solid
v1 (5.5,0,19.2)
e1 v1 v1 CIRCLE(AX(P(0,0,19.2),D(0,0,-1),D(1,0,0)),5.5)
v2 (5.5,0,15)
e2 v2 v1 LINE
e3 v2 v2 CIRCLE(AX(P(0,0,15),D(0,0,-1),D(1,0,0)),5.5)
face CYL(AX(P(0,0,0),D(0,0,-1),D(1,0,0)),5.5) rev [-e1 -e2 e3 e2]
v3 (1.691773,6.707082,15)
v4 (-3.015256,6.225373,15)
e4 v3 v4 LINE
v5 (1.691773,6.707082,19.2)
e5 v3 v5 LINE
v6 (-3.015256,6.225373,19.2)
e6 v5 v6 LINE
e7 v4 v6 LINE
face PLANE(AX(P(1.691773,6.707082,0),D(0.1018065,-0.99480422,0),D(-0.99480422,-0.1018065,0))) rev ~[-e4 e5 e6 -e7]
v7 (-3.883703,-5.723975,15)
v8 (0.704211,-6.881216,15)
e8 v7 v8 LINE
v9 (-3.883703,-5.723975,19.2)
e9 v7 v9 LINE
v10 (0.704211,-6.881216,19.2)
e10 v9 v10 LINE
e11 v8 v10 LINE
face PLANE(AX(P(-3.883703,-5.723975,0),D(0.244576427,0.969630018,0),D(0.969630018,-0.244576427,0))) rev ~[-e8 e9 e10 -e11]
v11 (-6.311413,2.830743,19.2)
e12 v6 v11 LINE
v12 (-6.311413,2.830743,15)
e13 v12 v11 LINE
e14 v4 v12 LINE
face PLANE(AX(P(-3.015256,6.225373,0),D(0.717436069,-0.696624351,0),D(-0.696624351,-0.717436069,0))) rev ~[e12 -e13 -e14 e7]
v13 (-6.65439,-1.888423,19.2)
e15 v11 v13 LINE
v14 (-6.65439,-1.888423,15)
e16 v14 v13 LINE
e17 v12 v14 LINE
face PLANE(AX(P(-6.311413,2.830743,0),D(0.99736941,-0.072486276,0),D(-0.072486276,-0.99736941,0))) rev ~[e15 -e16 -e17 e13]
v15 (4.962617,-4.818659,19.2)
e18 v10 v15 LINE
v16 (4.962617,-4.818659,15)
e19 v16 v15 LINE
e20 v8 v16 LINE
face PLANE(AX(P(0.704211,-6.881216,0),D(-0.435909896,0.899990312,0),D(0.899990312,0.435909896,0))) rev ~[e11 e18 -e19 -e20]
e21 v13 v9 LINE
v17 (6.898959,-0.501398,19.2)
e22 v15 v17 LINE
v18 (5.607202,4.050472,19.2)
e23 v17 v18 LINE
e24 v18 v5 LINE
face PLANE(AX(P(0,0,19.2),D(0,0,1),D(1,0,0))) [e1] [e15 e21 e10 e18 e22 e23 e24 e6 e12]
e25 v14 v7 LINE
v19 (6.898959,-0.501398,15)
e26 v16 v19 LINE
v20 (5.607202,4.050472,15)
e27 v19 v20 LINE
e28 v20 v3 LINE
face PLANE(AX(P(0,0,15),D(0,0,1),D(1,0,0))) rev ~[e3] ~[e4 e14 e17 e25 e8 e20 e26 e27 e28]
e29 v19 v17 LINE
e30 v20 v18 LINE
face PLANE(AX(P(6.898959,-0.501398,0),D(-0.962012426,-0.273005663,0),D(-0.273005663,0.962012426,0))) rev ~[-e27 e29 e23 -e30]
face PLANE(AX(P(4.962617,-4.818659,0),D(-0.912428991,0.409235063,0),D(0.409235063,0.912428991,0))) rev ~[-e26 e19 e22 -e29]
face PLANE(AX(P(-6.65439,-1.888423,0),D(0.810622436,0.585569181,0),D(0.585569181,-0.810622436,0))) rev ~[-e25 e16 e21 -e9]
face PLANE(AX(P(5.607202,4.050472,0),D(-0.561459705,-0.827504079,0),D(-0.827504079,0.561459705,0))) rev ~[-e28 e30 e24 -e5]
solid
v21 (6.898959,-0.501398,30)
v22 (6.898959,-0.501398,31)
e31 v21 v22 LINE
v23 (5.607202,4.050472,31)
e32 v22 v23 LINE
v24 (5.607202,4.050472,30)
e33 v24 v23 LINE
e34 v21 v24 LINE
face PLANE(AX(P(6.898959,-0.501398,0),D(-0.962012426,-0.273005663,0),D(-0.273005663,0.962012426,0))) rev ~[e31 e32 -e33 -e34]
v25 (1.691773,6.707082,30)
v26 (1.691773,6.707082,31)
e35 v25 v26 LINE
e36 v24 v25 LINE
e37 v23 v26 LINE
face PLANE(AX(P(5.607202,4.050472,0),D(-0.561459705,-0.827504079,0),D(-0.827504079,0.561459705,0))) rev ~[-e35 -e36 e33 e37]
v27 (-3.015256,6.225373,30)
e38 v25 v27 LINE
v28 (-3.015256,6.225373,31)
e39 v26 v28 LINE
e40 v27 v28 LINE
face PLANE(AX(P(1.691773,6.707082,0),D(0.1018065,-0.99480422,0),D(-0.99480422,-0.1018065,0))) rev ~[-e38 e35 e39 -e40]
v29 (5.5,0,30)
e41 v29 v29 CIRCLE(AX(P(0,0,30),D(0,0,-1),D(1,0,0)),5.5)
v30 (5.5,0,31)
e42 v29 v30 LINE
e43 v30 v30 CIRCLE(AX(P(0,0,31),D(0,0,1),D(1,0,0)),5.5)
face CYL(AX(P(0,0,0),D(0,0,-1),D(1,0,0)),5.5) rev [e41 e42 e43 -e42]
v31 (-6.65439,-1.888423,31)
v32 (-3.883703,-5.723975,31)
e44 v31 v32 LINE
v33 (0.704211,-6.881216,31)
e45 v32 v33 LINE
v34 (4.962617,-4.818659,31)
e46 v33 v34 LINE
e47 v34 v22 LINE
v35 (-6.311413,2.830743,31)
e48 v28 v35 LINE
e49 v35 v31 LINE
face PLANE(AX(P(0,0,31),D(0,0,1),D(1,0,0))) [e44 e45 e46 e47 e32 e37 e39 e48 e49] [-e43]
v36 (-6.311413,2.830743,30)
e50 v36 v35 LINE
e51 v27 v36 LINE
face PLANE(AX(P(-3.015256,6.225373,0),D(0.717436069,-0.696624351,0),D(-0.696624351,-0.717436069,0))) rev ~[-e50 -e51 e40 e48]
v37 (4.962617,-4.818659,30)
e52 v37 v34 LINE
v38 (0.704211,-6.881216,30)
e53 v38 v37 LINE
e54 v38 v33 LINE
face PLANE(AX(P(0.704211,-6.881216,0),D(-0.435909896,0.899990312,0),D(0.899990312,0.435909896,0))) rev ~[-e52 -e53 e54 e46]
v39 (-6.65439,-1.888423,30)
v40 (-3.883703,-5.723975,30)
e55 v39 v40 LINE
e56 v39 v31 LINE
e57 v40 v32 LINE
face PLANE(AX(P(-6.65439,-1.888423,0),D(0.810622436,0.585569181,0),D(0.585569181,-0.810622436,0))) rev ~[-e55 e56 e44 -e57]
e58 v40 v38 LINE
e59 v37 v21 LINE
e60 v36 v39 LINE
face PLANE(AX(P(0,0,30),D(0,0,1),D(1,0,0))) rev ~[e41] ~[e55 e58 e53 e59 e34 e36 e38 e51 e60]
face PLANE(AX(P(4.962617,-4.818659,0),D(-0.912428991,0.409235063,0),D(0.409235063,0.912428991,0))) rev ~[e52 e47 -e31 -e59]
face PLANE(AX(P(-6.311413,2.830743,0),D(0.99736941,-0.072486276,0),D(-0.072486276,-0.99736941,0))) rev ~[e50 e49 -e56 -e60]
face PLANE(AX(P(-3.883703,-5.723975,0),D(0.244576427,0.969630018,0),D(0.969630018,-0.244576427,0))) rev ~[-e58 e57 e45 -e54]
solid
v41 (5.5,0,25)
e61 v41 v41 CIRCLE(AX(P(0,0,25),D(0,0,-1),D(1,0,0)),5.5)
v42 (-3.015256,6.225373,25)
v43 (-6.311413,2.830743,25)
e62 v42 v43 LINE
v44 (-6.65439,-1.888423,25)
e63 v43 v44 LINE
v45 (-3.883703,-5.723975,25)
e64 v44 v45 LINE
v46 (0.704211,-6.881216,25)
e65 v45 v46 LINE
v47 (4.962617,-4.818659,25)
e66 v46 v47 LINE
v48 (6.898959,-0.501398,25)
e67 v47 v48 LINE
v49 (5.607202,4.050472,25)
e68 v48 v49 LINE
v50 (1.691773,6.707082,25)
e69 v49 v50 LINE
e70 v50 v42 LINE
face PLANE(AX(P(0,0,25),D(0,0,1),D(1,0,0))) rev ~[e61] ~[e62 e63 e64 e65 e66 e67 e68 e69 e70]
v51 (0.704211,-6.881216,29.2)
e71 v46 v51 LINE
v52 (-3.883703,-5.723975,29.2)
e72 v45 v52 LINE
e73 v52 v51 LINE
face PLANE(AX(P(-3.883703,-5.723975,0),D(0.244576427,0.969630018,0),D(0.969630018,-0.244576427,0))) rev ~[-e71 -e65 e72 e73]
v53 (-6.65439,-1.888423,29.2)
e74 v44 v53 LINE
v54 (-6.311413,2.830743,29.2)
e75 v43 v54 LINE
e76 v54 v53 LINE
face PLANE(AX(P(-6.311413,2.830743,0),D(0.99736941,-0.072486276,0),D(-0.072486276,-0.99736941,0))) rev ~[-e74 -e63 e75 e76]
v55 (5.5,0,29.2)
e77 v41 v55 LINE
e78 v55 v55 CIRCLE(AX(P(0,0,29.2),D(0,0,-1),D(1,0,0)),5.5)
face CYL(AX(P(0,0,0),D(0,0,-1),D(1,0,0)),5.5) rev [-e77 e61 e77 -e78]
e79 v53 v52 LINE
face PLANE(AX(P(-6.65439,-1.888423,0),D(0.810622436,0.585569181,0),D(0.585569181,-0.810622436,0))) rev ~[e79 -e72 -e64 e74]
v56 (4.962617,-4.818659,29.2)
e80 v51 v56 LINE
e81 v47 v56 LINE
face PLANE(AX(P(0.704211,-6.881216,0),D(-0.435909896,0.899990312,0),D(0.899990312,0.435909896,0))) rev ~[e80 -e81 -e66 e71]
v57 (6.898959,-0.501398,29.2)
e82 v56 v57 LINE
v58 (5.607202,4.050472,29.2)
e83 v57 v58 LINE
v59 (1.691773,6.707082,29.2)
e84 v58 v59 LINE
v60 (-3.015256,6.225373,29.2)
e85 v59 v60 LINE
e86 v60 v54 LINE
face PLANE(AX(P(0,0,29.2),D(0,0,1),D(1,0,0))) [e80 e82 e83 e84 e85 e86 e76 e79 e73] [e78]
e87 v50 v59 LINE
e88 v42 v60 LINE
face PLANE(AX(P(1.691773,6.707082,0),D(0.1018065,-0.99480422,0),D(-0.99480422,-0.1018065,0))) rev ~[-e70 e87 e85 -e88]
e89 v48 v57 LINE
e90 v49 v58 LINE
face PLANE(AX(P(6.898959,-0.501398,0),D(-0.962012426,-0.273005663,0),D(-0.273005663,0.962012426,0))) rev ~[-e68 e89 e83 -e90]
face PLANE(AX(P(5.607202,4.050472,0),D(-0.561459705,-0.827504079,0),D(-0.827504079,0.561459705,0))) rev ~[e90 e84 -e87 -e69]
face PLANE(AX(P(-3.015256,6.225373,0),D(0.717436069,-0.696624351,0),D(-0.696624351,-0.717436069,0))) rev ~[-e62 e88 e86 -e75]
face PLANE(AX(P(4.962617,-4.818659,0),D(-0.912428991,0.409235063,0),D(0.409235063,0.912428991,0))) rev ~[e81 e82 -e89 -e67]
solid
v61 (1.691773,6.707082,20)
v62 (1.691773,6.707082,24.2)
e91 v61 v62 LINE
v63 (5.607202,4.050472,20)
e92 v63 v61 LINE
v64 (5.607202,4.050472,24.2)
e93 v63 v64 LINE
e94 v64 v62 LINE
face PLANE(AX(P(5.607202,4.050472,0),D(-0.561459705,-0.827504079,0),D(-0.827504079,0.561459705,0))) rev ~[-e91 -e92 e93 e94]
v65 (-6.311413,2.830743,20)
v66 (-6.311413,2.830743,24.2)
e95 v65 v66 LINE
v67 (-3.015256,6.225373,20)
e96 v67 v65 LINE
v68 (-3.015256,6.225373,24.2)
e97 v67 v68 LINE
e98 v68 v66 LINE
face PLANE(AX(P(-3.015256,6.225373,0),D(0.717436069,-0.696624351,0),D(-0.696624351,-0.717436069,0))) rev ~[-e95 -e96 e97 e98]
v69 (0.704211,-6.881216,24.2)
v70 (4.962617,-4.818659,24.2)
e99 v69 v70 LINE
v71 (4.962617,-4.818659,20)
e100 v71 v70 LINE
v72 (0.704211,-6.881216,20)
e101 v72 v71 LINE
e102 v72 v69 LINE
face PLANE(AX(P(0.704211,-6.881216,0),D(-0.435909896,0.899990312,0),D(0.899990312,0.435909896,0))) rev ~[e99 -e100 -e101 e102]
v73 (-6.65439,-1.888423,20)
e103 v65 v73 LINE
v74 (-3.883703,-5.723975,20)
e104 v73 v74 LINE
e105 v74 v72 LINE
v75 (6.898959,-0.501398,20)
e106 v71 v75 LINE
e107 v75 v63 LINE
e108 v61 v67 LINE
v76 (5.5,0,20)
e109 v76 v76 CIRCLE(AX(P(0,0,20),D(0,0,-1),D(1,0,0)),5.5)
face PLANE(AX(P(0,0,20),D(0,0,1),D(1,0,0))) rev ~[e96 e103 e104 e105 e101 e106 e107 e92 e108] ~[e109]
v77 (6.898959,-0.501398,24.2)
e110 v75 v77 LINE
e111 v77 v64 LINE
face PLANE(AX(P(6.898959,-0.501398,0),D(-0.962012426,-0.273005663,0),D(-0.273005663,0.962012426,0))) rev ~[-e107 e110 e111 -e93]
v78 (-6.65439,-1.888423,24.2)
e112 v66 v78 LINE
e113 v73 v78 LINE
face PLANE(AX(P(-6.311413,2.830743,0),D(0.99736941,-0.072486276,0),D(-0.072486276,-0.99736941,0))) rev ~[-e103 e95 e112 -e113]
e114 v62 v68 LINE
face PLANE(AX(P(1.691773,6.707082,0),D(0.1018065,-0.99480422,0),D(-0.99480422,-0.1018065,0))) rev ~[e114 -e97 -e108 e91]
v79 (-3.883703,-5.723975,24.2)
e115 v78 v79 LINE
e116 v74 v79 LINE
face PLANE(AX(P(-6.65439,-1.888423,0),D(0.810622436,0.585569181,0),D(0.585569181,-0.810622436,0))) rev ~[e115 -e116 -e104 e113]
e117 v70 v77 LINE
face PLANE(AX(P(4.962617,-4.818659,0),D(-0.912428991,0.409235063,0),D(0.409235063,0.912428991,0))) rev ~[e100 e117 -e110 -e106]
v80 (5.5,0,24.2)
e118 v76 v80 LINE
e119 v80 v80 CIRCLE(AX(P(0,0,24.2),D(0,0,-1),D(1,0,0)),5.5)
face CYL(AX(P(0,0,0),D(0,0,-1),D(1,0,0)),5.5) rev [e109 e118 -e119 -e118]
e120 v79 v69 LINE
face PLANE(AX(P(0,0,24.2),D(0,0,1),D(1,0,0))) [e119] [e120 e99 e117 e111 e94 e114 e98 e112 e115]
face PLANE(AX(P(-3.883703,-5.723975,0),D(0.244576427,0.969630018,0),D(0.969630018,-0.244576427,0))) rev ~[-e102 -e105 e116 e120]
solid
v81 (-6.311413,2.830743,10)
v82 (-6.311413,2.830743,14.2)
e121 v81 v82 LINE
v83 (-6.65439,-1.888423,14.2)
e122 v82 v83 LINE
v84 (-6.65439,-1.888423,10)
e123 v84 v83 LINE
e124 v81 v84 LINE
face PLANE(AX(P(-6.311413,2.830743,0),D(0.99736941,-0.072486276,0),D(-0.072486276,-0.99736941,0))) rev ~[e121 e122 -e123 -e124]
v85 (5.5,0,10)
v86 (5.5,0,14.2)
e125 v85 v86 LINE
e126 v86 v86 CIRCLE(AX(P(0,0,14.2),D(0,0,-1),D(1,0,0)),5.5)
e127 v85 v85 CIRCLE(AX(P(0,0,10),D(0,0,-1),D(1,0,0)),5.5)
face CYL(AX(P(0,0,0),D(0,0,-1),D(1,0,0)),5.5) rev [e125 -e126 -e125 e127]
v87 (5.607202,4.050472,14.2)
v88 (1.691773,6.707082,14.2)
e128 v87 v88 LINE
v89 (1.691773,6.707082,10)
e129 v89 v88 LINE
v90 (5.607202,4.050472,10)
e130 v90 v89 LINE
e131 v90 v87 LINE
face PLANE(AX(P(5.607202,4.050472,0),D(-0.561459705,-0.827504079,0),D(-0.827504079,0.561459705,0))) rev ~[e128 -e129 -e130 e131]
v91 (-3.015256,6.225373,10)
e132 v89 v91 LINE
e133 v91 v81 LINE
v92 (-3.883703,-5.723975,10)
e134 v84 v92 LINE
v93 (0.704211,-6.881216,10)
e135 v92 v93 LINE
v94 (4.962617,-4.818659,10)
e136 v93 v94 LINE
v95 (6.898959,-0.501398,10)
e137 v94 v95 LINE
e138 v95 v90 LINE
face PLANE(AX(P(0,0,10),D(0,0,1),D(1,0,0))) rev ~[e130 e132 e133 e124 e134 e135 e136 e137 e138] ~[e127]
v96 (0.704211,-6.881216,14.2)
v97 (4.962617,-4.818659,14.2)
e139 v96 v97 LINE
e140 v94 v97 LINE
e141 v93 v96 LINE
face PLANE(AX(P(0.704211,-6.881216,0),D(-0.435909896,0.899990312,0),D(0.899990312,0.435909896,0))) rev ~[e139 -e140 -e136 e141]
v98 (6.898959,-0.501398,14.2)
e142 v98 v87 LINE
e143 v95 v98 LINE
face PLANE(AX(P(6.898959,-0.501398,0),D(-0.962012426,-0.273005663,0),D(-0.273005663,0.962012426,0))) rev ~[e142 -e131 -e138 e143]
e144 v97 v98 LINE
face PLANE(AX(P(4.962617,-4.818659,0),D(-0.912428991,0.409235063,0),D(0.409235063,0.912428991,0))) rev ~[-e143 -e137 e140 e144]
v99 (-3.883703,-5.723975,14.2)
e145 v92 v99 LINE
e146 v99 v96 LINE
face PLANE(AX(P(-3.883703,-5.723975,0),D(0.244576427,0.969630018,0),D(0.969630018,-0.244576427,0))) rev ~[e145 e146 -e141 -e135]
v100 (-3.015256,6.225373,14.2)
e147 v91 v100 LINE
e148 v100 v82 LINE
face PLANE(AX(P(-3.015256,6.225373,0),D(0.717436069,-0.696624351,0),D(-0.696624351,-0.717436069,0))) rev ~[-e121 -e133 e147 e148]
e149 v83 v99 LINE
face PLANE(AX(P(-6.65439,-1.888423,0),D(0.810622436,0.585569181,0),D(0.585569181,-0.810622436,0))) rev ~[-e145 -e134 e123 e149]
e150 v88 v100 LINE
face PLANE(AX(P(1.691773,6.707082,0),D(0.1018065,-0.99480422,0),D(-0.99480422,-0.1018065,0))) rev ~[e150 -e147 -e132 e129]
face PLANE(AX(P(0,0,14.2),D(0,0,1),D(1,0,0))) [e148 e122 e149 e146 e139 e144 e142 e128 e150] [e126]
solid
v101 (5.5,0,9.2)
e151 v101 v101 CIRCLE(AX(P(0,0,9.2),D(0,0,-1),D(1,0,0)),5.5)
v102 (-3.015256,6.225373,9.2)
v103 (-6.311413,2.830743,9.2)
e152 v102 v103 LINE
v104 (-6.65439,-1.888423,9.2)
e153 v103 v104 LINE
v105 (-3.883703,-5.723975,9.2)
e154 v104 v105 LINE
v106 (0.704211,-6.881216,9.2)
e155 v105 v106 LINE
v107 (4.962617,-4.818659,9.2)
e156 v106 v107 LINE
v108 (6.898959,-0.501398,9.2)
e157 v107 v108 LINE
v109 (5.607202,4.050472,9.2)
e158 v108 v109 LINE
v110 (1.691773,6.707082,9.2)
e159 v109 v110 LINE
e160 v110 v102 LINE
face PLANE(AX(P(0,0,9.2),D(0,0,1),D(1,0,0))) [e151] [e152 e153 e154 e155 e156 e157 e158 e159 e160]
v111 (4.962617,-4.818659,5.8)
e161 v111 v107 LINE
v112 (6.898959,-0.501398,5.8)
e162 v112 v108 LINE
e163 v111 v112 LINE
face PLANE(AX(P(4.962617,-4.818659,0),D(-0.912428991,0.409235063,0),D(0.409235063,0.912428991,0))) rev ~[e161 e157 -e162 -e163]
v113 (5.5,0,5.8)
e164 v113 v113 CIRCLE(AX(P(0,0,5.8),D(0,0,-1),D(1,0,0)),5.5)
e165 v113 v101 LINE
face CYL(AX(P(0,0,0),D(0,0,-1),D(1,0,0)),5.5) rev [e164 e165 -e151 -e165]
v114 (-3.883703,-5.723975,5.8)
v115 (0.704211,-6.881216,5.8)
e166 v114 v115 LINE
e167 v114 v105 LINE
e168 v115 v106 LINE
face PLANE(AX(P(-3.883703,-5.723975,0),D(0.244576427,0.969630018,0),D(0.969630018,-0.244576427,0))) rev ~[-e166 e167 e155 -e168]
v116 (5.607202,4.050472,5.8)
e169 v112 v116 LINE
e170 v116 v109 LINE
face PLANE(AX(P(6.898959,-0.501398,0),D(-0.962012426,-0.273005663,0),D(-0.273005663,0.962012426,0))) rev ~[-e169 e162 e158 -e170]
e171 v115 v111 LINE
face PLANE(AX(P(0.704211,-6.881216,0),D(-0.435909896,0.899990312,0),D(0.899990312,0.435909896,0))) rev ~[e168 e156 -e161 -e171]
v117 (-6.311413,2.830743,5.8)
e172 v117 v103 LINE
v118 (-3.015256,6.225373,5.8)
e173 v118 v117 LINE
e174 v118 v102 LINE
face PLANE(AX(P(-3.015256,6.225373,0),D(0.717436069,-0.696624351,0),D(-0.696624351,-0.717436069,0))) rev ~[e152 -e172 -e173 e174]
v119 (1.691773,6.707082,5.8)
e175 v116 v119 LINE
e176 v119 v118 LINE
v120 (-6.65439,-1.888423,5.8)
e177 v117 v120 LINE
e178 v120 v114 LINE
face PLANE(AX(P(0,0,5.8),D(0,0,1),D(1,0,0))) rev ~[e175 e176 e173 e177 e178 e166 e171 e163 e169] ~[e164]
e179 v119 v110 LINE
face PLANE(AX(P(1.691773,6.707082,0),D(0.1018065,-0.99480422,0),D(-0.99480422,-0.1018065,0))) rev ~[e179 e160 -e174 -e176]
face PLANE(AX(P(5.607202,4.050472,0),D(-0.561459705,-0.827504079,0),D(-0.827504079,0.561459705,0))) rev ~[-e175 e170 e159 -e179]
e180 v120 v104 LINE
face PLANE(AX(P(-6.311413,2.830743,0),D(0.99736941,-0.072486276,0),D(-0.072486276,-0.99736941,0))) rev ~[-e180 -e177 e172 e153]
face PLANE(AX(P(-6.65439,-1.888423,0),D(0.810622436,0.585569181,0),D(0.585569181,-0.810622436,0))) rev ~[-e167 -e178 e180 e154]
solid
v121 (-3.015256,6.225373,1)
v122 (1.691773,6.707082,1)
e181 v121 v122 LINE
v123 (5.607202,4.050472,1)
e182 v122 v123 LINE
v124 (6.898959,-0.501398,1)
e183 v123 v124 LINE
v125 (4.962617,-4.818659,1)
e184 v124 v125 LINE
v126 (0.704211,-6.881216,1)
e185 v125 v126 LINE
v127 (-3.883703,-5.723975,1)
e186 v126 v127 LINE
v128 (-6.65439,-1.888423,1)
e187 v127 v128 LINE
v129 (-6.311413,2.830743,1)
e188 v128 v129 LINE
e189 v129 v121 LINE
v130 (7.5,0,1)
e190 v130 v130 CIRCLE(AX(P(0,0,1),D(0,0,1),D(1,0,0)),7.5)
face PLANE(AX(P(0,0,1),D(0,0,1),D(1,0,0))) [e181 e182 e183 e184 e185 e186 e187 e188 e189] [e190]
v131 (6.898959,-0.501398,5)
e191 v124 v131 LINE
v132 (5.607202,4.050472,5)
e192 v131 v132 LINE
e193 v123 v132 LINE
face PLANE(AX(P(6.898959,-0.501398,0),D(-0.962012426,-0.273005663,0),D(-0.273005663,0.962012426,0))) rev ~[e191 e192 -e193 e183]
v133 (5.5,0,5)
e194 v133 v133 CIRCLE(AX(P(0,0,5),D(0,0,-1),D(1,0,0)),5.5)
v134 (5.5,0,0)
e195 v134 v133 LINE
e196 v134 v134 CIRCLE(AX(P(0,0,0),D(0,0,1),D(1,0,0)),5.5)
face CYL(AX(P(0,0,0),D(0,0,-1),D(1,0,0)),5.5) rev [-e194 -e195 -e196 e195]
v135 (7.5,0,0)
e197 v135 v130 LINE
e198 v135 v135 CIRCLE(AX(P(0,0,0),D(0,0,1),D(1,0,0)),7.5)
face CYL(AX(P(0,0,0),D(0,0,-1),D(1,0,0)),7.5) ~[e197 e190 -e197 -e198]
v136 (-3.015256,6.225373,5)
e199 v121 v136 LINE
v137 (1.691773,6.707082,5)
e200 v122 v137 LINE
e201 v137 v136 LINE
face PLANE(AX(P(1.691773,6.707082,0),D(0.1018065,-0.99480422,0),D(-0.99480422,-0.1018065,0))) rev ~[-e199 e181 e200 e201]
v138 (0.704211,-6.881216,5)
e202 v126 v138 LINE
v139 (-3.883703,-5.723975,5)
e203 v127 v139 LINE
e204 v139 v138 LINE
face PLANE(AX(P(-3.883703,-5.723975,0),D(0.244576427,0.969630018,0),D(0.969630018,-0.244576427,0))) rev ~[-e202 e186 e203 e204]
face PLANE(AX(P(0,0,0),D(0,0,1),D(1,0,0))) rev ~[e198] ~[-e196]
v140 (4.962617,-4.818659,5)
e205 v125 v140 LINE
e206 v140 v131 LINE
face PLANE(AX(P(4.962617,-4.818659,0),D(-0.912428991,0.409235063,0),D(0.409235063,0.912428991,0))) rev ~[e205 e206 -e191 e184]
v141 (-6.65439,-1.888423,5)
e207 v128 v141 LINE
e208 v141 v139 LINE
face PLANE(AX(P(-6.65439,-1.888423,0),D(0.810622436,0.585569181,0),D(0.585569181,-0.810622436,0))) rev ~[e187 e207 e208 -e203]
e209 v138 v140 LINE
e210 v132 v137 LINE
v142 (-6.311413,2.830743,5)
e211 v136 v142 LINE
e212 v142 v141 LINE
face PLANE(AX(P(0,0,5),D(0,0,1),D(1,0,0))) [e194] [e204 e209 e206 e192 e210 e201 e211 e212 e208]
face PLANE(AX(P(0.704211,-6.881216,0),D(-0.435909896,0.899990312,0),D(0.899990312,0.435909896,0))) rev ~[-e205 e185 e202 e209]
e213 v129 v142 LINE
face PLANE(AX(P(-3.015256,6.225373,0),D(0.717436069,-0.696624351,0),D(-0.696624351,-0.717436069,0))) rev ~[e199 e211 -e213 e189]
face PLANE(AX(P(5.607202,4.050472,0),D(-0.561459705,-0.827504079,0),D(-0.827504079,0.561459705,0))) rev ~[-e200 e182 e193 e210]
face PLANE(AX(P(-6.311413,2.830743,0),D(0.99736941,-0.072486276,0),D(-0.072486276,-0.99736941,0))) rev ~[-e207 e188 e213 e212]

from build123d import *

# Parameters (mm, degrees)
F0_R      = 7.5
F0_R_2    = 5.5
F1_DEPTH  = 1
F2_DEPTH  = 31
F4_R      = 15
F4_R_2    = 2.45
F5_DEPTH  = 0.8
F7_R      = 15
F7_R_2    = 2.45
F8_DEPTH  = 0.8
F10_R     = 15
F10_R_2   = 2.45
F11_DEPTH = 0.8
F13_R     = 15
F13_R_2   = 2.45
F14_DEPTH = 0.8
F16_R     = 15
F16_R_2   = 2.45
F17_DEPTH = 0.8
F19_R     = 15
F19_R_2   = 2.45
F20_DEPTH = 0.8
F22_R     = 15
F22_R_2   = 2.45
F23_DEPTH = 0.8


with BuildPart() as f1:
    # F0 (on Top) → F1 (new body)
    with BuildSketch(Plane.XY):
        Circle(F0_R)
        Polygon((-6.65439, -1.888423), (-6.311413, 2.830743), (-3.015256, 6.225373), (1.691773, 6.707082), (5.607202, 4.050472), (6.898959, -0.501398), (4.962617, -4.818659), (0.704211, -6.881216), (-3.883703, -5.723975), align=None, mode=Mode.SUBTRACT)
        Polygon((-3.015256, 6.225373), (-6.311413, 2.830743), (-6.65439, -1.888423), (-3.883703, -5.723975), (0.704211, -6.881216), (4.962617, -4.818659), (6.898959, -0.501398), (5.607202, 4.050472), (1.691773, 6.707082), align=None)
        Circle(F0_R_2, mode=Mode.SUBTRACT)
    extrude(amount=F1_DEPTH)

    # F0 (on Top) → F2 (join)
    with BuildSketch(Plane.XY):
        Polygon((-3.015256, 6.225373), (-6.311413, 2.830743), (-6.65439, -1.888423), (-3.883703, -5.723975), (0.704211, -6.881216), (4.962617, -4.818659), (6.898959, -0.501398), (5.607202, 4.050472), (1.691773, 6.707082), align=None)
        Circle(F0_R_2, mode=Mode.SUBTRACT)
    extrude(amount=F2_DEPTH)

    # F4 (on offset) → F5 (cut)
    with BuildSketch(Plane.XY.offset(5)):
        Circle(F4_R)
        Circle(F4_R_2, mode=Mode.SUBTRACT)
    extrude(amount=F5_DEPTH, mode=Mode.SUBTRACT)

    # F7 (on offset) → F8 (cut)
    with BuildSketch(Plane.XY.offset(10)):
        Circle(F7_R)
        Circle(F7_R_2, mode=Mode.SUBTRACT)
    extrude(amount=-F8_DEPTH, mode=Mode.SUBTRACT)

    # F10 (on offset) → F11 (cut)
    with BuildSketch(Plane.XY.offset(15)):
        Circle(F10_R)
        Circle(F10_R_2, mode=Mode.SUBTRACT)
    extrude(amount=-F11_DEPTH, mode=Mode.SUBTRACT)

    # F13 (on offset) → F14 (cut)
    with BuildSketch(Plane.XY.offset(20)):
        Circle(F13_R)
        Circle(F13_R_2, mode=Mode.SUBTRACT)
    extrude(amount=-F14_DEPTH, mode=Mode.SUBTRACT)

    # F16 (on offset) → F17 (cut)
    with BuildSketch(Plane.XY.offset(25)):
        Circle(F16_R)
        Circle(F16_R_2, mode=Mode.SUBTRACT)
    extrude(amount=-F17_DEPTH, mode=Mode.SUBTRACT)

    # F19 (on offset) → F20 (cut)
    with BuildSketch(Plane.XY.offset(30)):
        Circle(F19_R)
        Circle(F19_R_2, mode=Mode.SUBTRACT)
    extrude(amount=-F20_DEPTH, mode=Mode.SUBTRACT)

    # F22 (on offset) → F23 (cut)
    with BuildSketch(Plane.XY.offset(35)):
        Circle(F22_R)
        Circle(F22_R_2, mode=Mode.SUBTRACT)
    extrude(amount=-F23_DEPTH, mode=Mode.SUBTRACT)


solid = f1.part
